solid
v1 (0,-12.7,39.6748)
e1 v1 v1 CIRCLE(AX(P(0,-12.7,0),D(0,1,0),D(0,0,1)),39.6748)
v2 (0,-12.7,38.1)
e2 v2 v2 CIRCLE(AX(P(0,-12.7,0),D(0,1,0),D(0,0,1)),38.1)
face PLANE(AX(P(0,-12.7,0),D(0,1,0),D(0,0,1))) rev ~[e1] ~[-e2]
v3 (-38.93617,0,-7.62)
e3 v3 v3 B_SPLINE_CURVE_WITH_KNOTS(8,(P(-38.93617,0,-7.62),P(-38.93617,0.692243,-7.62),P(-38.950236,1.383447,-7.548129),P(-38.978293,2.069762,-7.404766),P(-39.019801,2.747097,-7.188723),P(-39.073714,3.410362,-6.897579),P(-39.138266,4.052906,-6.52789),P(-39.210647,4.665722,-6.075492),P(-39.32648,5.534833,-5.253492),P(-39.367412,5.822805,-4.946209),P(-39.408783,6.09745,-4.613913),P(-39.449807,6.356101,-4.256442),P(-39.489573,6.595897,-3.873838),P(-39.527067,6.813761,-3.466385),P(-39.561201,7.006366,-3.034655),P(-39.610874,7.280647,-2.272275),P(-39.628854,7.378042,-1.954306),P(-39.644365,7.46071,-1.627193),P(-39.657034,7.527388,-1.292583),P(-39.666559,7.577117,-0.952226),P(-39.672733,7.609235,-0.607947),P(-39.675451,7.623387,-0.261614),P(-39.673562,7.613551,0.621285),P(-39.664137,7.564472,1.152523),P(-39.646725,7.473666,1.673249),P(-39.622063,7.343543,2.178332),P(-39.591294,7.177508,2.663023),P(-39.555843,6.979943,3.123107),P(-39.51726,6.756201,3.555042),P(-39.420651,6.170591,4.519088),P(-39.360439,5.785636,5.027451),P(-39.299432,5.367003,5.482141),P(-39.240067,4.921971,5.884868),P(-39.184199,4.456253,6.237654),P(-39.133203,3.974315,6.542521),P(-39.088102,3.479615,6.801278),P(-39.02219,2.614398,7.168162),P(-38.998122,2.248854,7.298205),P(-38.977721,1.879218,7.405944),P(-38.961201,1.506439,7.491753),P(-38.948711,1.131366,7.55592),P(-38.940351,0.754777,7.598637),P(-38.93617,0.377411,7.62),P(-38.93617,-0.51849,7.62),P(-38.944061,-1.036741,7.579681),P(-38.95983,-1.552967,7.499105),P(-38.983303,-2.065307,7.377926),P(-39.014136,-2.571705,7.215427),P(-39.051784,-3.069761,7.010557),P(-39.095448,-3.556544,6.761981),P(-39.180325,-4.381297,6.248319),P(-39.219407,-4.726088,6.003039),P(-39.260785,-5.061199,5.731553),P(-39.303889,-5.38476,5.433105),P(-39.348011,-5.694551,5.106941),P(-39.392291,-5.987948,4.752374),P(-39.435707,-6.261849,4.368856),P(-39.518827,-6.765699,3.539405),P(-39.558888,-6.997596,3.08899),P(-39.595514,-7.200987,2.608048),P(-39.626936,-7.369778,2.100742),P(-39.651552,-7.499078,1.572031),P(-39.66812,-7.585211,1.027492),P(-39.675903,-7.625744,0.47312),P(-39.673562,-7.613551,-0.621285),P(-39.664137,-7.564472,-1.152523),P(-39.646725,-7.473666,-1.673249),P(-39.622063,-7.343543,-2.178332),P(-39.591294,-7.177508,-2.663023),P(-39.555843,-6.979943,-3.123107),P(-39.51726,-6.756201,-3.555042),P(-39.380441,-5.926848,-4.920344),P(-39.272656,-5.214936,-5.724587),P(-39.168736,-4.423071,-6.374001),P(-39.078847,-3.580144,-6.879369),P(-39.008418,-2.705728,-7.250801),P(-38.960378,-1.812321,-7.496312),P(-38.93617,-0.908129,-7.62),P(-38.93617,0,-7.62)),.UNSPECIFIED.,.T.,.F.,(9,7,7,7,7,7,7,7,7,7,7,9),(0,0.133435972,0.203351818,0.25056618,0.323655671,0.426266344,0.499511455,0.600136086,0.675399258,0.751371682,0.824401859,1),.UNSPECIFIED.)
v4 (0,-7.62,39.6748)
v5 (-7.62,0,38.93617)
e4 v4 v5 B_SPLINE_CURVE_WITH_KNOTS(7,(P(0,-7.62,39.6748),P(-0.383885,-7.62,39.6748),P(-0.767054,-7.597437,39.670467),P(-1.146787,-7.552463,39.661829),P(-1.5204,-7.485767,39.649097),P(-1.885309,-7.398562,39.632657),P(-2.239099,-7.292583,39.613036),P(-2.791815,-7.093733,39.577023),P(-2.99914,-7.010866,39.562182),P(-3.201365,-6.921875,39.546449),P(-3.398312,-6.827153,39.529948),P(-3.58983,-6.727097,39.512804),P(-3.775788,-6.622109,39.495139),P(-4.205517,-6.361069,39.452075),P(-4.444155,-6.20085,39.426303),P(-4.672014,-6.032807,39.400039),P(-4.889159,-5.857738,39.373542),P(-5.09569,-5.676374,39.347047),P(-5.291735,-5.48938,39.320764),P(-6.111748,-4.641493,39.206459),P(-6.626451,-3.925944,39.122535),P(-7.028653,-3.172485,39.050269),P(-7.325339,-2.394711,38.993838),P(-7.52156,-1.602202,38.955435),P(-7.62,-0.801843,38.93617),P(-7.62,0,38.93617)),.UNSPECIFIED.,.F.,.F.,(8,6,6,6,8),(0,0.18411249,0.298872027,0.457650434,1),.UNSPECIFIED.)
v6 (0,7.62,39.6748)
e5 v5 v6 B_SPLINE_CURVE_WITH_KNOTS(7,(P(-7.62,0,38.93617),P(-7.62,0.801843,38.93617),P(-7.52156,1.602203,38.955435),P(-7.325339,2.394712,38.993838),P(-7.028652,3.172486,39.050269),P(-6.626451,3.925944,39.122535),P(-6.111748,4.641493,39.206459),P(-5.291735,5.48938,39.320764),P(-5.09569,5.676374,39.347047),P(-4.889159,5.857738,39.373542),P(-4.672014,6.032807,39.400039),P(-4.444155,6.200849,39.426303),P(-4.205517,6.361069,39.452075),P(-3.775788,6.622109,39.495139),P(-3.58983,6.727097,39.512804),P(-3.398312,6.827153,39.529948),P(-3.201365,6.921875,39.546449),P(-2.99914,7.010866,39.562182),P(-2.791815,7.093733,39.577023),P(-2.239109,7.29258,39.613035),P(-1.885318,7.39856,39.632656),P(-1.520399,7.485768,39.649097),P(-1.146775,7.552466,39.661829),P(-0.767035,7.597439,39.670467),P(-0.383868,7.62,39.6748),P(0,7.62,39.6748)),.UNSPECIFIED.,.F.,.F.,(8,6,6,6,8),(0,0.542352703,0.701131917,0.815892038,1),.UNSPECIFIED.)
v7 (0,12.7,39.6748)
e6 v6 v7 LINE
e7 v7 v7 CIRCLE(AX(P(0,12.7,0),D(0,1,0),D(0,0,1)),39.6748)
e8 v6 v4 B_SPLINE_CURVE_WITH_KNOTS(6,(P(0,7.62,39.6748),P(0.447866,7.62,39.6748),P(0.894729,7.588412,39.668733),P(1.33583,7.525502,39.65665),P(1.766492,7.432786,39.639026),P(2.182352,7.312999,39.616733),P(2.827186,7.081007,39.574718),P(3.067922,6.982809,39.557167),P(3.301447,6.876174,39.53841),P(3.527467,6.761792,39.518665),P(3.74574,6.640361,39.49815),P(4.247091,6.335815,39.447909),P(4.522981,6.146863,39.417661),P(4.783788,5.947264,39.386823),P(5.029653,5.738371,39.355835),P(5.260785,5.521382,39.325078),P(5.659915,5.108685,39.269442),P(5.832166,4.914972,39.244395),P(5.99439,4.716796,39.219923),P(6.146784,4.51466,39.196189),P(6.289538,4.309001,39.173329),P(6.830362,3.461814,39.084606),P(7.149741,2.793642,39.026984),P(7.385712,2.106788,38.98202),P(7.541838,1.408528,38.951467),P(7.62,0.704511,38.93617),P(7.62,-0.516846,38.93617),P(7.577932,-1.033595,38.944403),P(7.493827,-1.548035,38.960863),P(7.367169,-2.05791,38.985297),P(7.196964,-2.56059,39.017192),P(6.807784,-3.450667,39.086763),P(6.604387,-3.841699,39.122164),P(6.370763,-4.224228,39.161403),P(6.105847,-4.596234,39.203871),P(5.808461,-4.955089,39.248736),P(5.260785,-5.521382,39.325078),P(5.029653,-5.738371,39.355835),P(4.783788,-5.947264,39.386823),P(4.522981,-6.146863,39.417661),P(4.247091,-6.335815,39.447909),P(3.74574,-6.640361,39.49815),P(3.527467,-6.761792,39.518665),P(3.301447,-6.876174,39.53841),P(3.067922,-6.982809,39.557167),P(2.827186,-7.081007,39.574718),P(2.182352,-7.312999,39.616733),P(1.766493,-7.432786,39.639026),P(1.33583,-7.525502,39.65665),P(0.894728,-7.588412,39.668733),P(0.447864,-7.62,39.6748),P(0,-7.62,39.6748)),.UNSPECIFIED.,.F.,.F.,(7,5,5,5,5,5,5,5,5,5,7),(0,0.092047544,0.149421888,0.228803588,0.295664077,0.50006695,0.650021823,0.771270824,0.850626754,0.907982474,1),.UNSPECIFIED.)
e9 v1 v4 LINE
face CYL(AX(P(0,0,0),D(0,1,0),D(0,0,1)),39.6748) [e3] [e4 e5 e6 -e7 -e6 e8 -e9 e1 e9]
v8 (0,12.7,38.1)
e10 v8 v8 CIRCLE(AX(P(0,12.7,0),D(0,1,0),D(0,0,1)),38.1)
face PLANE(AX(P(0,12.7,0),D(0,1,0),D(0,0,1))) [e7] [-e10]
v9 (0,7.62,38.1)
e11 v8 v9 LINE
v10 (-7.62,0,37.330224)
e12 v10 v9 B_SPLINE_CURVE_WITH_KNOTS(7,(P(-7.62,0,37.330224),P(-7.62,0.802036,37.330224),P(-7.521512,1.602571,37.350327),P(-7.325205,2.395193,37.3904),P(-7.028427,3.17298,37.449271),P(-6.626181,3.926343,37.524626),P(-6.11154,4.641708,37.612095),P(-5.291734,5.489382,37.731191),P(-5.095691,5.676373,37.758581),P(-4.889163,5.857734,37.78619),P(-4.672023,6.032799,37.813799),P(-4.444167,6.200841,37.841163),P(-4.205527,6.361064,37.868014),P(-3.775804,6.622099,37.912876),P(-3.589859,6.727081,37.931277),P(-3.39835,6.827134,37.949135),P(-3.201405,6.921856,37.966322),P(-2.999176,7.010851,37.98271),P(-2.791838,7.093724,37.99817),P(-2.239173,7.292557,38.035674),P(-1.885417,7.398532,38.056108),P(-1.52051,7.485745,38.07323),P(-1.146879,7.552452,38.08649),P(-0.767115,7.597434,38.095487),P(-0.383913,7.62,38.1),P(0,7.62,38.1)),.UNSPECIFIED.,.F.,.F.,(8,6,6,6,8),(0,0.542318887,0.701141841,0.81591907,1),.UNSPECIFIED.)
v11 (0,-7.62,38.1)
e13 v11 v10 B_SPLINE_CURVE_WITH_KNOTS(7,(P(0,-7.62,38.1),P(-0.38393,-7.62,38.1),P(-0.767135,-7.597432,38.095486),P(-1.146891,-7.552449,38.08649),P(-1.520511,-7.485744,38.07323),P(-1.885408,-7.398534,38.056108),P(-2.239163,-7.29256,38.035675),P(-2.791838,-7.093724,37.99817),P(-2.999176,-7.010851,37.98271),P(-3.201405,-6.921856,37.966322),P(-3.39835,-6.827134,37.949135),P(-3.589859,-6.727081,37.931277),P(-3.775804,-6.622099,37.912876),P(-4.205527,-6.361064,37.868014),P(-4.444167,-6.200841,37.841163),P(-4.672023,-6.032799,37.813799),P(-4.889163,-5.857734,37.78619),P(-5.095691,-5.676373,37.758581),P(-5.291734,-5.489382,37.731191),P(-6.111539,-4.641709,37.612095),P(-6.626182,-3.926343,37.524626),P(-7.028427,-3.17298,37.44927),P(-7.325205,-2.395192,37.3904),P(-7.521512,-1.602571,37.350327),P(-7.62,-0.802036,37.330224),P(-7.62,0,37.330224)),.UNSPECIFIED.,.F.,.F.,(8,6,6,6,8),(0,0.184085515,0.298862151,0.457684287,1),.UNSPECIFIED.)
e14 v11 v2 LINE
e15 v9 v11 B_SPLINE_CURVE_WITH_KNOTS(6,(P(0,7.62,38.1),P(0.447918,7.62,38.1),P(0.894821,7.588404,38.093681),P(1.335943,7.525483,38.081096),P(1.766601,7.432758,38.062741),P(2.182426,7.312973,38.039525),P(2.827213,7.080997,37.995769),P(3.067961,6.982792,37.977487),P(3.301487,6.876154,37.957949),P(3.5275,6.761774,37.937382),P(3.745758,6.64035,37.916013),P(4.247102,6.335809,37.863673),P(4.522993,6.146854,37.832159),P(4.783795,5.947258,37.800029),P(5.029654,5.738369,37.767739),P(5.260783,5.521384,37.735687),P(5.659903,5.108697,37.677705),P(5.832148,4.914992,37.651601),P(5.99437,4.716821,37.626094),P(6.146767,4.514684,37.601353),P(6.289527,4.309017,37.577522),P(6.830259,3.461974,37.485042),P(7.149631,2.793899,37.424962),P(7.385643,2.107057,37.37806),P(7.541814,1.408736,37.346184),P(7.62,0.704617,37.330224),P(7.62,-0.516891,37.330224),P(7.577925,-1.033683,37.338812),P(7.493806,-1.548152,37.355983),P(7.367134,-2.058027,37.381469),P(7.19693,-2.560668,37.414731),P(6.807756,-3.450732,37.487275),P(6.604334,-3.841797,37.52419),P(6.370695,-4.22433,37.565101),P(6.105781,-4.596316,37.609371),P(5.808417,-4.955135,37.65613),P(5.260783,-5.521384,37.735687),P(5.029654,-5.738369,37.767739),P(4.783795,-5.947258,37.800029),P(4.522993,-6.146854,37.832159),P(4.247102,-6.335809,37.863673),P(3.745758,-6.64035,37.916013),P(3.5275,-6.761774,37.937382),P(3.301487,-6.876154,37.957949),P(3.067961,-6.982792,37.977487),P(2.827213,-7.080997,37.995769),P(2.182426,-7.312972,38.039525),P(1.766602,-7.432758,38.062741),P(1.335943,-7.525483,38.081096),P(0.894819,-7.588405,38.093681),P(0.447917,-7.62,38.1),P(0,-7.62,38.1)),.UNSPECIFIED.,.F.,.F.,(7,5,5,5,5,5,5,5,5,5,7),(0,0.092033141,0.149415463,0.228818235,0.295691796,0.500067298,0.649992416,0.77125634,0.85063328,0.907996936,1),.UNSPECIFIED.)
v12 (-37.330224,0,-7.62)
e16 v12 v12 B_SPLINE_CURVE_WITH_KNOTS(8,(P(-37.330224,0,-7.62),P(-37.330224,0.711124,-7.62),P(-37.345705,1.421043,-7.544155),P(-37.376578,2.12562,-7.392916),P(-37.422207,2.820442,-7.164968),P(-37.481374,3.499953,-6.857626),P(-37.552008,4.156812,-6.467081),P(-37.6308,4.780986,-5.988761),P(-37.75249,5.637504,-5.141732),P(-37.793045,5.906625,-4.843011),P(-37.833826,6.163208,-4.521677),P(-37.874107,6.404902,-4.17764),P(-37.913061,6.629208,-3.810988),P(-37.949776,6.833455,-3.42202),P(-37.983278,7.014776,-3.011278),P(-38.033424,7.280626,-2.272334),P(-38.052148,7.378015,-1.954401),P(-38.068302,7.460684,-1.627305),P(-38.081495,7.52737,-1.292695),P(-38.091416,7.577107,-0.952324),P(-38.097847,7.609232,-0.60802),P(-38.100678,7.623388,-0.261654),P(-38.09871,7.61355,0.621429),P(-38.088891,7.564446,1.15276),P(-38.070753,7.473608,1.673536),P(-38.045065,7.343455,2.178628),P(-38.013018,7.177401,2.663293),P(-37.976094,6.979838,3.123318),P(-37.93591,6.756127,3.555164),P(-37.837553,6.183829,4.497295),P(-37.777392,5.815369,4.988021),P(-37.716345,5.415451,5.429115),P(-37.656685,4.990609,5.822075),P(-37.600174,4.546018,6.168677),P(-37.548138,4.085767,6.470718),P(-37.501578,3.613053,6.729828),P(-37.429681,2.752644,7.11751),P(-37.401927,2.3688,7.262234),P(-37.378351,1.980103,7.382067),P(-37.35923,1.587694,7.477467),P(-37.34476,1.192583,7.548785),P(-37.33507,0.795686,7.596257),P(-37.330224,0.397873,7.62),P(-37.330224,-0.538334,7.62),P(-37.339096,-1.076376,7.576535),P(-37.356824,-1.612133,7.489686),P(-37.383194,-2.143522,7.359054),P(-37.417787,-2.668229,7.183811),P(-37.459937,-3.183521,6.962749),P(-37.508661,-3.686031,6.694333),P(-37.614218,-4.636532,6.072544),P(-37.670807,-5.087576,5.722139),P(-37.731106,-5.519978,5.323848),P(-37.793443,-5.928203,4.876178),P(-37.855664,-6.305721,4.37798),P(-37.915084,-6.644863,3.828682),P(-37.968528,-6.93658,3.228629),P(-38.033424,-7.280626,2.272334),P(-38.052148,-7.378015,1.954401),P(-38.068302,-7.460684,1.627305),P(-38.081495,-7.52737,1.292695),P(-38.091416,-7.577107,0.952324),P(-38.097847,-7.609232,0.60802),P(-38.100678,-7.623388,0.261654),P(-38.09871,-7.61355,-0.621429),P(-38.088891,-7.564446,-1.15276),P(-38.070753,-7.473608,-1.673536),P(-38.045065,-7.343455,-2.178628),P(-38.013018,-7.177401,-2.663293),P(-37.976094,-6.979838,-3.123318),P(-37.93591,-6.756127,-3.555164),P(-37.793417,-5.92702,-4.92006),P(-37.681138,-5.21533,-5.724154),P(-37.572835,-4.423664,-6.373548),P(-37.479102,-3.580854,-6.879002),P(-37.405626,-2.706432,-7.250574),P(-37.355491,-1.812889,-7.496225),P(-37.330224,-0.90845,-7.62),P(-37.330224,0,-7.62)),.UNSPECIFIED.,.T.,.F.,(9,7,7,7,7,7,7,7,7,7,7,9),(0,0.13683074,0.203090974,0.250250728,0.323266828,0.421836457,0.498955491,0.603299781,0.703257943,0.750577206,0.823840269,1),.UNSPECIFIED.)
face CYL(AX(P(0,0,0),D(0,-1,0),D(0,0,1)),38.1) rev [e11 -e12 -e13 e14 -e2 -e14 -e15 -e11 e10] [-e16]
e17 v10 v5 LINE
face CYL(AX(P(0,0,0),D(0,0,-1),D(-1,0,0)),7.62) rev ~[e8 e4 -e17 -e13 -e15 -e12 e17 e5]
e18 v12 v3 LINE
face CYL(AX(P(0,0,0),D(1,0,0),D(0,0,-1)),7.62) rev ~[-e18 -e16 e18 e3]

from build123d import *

# Parameters (mm, degrees)
SKETCH_1_R         = 39.6748
SKETCH_1_R_2       = 38.1
EXTRUDE_1_DEPTH    = 12.7
SKETCH2_R          = 7.62
CUT_EXTRUDE1_DEPTH = 65.468922824
CIRPATTERN1_COUNT  = 2
CIRPATTERN1_ANGLE  = 90


with BuildPart() as part:
    # 草图1 → 凸台-拉伸1 (new, symmetric)
    with BuildSketch(Plane(origin=(0, 0, 0), x_dir=(1, 0, 0), z_dir=(0, 1, 0))):
        with Locations(Location((0, 0, 0), (0, 0, 270))):
            Circle(SKETCH_1_R)
        with Locations(Location((0, 0, 0), (0, 0, 270))):
            Circle(SKETCH_1_R_2, mode=Mode.SUBTRACT)
    extrude(amount=EXTRUDE_1_DEPTH, both=True)

    # Sketch2 → Cut-Extrude1 (cut, through all)
    with BuildSketch(Plane(origin=(0, 19.05, 0), x_dir=(0, 0, -1), z_dir=(1, 0, 0))):
        with Locations((0, -19.05)):
            Circle(SKETCH2_R)
    cut_extrude1 = extrude(amount=-CUT_EXTRUDE1_DEPTH, mode=Mode.SUBTRACT)

    # CirPattern1: Cut-Extrude1 ×2 about axis
    cirpattern1_axis = Axis((0, -12.7, 0), (0, 1, 0))
    for i in range(1, CIRPATTERN1_COUNT):
        add(cut_extrude1.rotate(cirpattern1_axis, i * CIRPATTERN1_ANGLE / (CIRPATTERN1_COUNT - 1)), mode=Mode.SUBTRACT)


solid = part.part
